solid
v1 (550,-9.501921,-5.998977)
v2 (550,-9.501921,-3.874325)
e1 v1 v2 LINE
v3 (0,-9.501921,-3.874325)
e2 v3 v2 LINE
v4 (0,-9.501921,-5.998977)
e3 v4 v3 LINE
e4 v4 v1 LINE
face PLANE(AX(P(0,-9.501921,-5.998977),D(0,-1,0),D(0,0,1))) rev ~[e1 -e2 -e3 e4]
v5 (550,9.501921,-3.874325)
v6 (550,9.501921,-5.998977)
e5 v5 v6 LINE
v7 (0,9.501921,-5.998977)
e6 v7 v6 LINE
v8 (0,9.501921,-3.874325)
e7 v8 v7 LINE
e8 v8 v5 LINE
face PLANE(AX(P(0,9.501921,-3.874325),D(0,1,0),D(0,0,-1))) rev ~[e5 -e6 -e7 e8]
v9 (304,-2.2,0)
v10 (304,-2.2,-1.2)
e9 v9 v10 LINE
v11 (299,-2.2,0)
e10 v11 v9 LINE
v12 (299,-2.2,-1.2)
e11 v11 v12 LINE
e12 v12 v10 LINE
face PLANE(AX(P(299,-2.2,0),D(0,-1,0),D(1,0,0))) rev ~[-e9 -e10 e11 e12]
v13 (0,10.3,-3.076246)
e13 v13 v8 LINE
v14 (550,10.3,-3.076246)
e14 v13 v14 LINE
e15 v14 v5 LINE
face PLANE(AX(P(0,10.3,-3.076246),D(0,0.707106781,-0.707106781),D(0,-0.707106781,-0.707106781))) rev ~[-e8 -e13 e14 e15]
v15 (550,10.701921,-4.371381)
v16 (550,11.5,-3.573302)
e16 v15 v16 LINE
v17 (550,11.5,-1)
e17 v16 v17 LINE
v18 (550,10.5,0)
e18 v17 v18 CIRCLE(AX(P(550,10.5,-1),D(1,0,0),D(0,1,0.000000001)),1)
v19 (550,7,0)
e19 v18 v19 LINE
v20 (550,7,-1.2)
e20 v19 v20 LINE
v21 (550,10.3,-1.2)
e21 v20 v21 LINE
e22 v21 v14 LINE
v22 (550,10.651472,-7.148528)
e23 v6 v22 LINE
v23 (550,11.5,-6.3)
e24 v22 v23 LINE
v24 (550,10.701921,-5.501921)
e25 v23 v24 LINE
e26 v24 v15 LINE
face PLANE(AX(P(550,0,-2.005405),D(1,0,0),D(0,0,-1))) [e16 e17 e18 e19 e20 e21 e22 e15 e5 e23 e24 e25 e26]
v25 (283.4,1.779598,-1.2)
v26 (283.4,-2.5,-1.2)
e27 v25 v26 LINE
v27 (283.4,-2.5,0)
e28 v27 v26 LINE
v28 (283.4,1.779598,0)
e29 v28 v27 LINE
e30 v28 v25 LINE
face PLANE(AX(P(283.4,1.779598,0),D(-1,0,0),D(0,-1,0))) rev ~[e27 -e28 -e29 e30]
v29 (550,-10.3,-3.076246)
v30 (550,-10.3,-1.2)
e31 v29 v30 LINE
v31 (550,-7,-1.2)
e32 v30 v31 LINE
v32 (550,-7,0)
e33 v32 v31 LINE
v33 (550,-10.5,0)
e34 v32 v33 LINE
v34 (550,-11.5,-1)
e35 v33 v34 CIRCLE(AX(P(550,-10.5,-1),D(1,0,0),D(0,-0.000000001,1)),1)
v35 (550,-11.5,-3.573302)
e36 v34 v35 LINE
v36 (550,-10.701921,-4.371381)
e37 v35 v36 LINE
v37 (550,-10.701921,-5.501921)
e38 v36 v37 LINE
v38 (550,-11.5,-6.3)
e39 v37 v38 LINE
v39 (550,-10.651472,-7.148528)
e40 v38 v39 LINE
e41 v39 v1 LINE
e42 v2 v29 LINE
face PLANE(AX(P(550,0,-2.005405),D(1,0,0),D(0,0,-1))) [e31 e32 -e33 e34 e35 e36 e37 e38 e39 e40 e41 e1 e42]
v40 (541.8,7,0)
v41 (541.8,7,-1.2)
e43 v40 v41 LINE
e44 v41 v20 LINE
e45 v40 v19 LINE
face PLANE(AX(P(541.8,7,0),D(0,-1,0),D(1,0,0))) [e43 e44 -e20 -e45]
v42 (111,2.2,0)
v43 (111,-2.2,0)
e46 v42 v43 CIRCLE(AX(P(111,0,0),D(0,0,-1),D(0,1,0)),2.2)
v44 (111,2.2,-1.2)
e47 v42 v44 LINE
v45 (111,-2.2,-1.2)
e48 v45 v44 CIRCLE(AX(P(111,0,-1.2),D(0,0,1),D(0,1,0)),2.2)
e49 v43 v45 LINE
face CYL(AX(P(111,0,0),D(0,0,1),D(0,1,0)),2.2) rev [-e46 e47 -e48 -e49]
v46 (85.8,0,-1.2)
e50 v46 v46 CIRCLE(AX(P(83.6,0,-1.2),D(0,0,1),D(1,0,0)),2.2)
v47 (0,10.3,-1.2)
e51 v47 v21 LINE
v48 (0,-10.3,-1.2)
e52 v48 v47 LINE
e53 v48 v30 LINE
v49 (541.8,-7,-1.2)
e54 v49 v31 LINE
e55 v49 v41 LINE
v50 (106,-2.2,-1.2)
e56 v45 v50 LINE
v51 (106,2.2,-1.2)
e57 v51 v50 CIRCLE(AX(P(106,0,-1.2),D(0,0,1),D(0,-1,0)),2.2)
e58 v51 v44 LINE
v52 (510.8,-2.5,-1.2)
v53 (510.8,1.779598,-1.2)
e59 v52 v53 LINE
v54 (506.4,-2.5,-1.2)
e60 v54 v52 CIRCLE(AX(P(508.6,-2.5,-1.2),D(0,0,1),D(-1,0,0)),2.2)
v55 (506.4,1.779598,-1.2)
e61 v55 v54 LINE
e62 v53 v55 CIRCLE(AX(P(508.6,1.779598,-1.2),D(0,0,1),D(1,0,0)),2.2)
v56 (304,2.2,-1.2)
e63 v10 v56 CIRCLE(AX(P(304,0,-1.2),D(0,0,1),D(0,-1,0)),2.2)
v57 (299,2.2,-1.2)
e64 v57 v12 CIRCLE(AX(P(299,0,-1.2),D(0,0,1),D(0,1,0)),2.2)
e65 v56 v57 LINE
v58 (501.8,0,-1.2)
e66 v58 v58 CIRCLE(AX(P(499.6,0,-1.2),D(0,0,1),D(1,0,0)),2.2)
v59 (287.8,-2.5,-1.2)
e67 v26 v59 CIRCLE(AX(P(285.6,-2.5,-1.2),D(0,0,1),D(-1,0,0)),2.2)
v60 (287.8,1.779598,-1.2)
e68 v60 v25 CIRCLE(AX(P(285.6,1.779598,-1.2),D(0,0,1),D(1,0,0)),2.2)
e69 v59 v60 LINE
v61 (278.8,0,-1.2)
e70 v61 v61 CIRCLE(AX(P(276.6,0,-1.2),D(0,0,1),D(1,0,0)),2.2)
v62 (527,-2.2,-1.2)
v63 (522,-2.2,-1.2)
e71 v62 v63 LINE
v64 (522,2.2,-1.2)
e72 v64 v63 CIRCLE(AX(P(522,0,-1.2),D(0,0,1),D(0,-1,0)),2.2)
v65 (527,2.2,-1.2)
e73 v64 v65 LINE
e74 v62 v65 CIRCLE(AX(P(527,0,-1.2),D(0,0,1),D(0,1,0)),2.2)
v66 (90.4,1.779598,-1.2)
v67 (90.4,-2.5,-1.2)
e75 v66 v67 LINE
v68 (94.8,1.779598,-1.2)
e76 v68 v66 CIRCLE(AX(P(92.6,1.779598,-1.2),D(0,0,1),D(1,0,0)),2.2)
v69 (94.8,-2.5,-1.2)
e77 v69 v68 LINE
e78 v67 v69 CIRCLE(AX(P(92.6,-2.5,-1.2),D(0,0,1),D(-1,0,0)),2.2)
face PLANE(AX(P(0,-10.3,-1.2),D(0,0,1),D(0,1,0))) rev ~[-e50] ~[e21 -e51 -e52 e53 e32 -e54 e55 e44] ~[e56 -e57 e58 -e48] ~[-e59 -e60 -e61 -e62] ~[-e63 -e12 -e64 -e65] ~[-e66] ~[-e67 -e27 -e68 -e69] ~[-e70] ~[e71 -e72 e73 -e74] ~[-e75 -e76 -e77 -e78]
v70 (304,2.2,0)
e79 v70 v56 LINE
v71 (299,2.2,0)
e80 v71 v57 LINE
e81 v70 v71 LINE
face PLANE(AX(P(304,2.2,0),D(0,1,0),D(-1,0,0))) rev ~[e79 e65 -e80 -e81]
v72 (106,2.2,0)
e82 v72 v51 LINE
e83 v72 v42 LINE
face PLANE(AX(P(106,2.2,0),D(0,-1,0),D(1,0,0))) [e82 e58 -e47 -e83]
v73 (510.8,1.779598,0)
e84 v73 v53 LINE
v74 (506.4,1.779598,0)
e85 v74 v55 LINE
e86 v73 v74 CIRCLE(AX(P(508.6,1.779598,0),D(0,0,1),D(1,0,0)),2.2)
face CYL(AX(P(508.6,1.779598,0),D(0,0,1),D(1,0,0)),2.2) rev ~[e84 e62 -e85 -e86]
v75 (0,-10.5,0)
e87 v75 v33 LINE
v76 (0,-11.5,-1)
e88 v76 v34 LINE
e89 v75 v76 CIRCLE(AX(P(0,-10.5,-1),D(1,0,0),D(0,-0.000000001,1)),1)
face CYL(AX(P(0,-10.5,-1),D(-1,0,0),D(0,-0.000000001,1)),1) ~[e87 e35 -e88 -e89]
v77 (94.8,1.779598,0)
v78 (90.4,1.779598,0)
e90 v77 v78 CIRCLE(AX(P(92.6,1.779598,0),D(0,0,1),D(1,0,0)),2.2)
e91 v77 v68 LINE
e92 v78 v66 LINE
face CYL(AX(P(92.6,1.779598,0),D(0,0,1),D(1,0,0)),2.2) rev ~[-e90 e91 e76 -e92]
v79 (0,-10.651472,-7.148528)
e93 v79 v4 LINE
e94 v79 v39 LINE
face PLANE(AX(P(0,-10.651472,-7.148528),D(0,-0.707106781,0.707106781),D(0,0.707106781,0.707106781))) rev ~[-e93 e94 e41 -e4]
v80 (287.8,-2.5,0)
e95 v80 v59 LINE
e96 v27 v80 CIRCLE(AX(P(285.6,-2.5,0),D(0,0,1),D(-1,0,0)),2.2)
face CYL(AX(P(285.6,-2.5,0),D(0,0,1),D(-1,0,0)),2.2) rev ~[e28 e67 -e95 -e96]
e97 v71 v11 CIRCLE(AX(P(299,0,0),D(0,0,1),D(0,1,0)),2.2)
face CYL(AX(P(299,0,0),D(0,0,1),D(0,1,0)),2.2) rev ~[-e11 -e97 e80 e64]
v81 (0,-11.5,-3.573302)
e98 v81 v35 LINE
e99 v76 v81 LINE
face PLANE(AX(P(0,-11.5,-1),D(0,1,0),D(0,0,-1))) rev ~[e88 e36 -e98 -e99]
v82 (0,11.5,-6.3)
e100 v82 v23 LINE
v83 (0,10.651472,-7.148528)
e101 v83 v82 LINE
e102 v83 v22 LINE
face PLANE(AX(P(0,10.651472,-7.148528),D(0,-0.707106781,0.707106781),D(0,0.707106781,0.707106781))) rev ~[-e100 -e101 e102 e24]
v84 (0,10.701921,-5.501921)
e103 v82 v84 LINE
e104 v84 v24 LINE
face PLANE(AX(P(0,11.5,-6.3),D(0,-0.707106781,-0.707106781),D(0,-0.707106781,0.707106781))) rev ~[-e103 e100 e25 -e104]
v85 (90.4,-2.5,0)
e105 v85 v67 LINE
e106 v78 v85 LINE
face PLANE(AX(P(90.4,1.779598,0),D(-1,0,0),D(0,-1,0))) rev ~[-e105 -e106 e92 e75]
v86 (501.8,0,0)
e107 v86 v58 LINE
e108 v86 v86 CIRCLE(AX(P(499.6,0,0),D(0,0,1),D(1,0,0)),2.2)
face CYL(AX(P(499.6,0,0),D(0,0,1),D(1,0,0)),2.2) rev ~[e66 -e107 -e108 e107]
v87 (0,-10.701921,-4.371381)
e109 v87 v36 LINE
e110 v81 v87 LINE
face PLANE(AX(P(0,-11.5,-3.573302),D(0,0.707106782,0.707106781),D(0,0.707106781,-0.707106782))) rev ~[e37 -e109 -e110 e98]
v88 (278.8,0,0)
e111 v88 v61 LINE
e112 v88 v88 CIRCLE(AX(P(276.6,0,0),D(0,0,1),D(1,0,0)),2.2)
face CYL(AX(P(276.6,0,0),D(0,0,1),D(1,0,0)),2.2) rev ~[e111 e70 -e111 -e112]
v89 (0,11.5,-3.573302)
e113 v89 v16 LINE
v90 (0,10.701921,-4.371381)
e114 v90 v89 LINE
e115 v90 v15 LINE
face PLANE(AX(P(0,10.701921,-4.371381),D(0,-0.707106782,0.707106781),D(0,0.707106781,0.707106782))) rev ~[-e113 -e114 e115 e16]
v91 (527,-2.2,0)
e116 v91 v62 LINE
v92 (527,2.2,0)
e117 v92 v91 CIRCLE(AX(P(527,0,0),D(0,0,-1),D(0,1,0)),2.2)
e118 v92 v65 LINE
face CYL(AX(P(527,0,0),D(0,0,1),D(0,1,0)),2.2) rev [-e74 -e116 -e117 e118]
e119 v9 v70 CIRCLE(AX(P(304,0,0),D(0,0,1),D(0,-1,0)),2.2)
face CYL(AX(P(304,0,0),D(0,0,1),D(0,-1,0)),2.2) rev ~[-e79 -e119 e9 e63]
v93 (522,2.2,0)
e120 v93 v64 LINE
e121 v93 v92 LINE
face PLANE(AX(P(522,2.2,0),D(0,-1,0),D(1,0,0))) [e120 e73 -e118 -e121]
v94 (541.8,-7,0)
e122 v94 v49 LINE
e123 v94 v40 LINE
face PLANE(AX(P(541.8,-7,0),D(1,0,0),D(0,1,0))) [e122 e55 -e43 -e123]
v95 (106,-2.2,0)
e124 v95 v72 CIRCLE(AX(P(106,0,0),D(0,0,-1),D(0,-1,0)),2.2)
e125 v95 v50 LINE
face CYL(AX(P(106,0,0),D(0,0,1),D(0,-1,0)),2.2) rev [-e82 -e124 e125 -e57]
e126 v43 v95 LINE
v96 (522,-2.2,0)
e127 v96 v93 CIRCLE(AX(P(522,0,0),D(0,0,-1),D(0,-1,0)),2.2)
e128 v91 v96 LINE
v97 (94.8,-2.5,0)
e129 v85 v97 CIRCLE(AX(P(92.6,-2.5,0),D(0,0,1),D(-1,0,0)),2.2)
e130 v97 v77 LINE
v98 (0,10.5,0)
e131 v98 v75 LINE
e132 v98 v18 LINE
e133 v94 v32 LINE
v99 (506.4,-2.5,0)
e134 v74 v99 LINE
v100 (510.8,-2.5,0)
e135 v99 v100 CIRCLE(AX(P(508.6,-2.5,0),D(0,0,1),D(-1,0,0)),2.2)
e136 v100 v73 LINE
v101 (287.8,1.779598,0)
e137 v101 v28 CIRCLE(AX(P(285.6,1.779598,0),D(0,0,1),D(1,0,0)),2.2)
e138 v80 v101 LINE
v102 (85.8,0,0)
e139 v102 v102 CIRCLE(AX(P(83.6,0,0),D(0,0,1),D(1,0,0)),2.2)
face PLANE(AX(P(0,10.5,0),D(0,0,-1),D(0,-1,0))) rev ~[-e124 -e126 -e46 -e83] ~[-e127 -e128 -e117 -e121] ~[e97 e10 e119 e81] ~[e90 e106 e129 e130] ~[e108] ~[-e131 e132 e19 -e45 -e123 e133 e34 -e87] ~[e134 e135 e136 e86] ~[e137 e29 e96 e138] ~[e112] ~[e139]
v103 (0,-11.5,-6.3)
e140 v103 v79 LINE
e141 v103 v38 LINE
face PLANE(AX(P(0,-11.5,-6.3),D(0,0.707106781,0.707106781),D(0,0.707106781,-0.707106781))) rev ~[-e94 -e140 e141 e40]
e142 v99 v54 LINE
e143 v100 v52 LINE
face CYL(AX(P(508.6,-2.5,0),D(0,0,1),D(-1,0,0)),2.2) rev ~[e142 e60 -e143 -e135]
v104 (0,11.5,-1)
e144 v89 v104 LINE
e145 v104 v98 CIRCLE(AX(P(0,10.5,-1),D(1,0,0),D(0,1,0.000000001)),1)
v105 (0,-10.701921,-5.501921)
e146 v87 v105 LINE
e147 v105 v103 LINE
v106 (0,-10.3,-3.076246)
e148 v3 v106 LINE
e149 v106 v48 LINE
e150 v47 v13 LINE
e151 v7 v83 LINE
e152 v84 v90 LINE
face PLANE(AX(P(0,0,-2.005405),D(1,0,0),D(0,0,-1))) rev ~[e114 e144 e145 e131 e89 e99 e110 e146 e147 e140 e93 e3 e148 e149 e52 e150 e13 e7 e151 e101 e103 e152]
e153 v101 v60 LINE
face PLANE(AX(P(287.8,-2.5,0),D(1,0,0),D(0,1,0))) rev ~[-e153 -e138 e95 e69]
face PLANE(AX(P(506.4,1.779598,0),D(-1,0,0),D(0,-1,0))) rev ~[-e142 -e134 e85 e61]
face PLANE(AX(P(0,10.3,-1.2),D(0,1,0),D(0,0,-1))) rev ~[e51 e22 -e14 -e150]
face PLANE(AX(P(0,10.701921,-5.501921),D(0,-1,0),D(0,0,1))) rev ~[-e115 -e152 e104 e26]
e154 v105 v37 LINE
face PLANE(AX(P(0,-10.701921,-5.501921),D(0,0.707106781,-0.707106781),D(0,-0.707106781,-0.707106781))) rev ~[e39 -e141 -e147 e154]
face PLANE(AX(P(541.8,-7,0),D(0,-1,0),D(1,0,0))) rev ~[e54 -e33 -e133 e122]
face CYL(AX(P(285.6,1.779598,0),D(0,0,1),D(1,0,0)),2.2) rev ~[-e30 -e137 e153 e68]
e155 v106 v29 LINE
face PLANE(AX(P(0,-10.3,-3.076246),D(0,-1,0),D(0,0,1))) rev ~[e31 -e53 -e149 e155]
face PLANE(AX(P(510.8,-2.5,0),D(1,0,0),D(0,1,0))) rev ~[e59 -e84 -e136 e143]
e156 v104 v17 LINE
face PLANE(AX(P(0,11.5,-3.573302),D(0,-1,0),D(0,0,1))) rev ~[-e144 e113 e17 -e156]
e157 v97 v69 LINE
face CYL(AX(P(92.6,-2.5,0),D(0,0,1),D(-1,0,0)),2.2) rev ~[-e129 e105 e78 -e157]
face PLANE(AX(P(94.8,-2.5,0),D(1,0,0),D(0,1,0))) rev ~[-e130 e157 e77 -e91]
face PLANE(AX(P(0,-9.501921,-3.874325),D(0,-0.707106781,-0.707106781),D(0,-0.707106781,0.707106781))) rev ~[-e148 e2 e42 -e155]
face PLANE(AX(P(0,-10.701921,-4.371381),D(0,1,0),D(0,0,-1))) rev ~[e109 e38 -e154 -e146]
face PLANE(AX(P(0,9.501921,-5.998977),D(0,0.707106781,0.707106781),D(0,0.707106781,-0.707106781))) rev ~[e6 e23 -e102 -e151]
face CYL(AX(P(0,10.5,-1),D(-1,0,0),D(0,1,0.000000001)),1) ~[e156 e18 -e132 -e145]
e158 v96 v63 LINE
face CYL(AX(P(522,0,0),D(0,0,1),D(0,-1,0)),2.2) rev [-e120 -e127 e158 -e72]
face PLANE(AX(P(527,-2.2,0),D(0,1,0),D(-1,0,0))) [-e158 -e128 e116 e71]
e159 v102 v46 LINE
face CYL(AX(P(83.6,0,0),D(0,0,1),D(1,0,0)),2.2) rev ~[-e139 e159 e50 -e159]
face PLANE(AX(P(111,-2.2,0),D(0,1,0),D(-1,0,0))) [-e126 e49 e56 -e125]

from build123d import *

# Parameters (mm, degrees)
EXTRUDE_3_DEPTH     = 550
SKETCH_2_R          = 2.2
SKETCH_2_W          = 8.2
SKETCH_2_H          = 14
CUT_EXTRUDE_1_DEPTH = 8.148528137


with BuildPart() as part:
    # Эскиз1 → Вытянуть-Тонкостенный3 (new body)
    with BuildSketch(Plane(origin=(0, 0, 0), x_dir=(0, 0, -1), z_dir=(1, 0, 0))):
        with BuildLine():
            Line((6.3, 11.5), (5.501920783, 10.701920783))
            Line((5.501920783, 10.701920783), (4.371381229, 10.701920783))
            Line((4.371381229, 10.701920783), (3.573302011, 11.5))
            Line((3.573302011, 11.5), (1, 11.5))
            ThreePointArc((1, 11.5), (0.292893219, 11.207106781), (0, 10.5))
            Line((0, 10.5), (0, -10.5))
            ThreePointArc((0, -10.5), (0.292893219, -11.207106781), (1, -11.5))
            Line((1, -11.5), (3.573302011, -11.5))
            Line((3.573302011, -11.5), (4.371381229, -10.701920783))
            Line((4.371381229, -10.701920783), (5.501920783, -10.701920783))
            Line((5.501920783, -10.701920783), (6.3, -11.5))
            Line((6.3, -11.5), (7.148528137, -10.651471863))
            Line((7.148528137, -10.651471863), (5.998977057, -9.501920783))
            Line((5.998977057, -9.501920783), (3.874324954, -9.501920783))
            Line((3.874324954, -9.501920783), (3.076245737, -10.3))
            Line((3.076245737, -10.3), (1.2, -10.3))
            Line((1.2, -10.3), (1.2, 10.3))
            Line((1.2, 10.3), (3.076245737, 10.3))
            Line((3.076245737, 10.3), (3.874324954, 9.501920783))
            Line((3.874324954, 9.501920783), (5.998977057, 9.501920783))
            Line((5.998977057, 9.501920783), (7.148528137, 10.651471863))
            Line((7.148528137, 10.651471863), (6.3, 11.5))
        make_face()
    extrude(amount=EXTRUDE_3_DEPTH)

    # Эскиз2 → Вырез-Вытянуть1 (cut, through all)
    with BuildSketch(Plane.XY):
        with Locations((499.6, 0)):
            Circle(SKETCH_2_R)
        with Locations((276.6, 0)):
            Circle(SKETCH_2_R)
        with Locations((83.6, 0)):
            Circle(SKETCH_2_R)
        with Locations((545.9, 0)):
            Rectangle(SKETCH_2_W, SKETCH_2_H)
        with BuildLine():
            Line((522, 2.2), (527, 2.2))
            ThreePointArc((527, 2.2), (529.2, 0), (527, -2.2))
            Line((527, -2.2), (522, -2.2))
            ThreePointArc((522, -2.2), (519.8, 0), (522, 2.2))
        make_face()
        with BuildLine():
            Line((506.4, 1.779598361), (506.4, -2.5))
            ThreePointArc((506.4, -2.5), (508.6, -4.7), (510.8, -2.5))
            Line((510.8, -2.5), (510.8, 1.779598361))
            ThreePointArc((510.8, 1.779598361), (508.6, 3.979598361), (506.4, 1.779598361))
        make_face()
        with BuildLine():
            Line((283.4, 1.779598361), (283.4, -2.5))
            ThreePointArc((283.4, -2.5), (285.6, -4.7), (287.8, -2.5))
            Line((287.8, -2.5), (287.8, 1.779598361))
            ThreePointArc((287.8, 1.779598361), (285.6, 3.979598361), (283.4, 1.779598361))
        make_face()
        with BuildLine():
            Line((299, -2.2), (304, -2.2))
            ThreePointArc((304, -2.2), (306.2, 0), (304, 2.2))
            Line((304, 2.2), (299, 2.2))
            ThreePointArc((299, 2.2), (296.8, 0), (299, -2.2))
        make_face()
        with BuildLine():
            Line((94.8, -2.5), (94.8, 1.779598361))
            ThreePointArc((94.8, 1.779598361), (92.6, 3.979598361), (90.4, 1.779598361))
            Line((90.4, 1.779598361), (90.4, -2.5))
            ThreePointArc((90.4, -2.5), (92.6, -4.7), (94.8, -2.5))
        make_face()
        with BuildLine():
            Line((106, 2.2), (111, 2.2))
            ThreePointArc((111, 2.2), (113.2, 0), (111, -2.2))
            Line((111, -2.2), (106, -2.2))
            ThreePointArc((106, -2.2), (103.8, 0), (106, 2.2))
        make_face()
    extrude(amount=-CUT_EXTRUDE_1_DEPTH, mode=Mode.SUBTRACT)


solid = part.part
